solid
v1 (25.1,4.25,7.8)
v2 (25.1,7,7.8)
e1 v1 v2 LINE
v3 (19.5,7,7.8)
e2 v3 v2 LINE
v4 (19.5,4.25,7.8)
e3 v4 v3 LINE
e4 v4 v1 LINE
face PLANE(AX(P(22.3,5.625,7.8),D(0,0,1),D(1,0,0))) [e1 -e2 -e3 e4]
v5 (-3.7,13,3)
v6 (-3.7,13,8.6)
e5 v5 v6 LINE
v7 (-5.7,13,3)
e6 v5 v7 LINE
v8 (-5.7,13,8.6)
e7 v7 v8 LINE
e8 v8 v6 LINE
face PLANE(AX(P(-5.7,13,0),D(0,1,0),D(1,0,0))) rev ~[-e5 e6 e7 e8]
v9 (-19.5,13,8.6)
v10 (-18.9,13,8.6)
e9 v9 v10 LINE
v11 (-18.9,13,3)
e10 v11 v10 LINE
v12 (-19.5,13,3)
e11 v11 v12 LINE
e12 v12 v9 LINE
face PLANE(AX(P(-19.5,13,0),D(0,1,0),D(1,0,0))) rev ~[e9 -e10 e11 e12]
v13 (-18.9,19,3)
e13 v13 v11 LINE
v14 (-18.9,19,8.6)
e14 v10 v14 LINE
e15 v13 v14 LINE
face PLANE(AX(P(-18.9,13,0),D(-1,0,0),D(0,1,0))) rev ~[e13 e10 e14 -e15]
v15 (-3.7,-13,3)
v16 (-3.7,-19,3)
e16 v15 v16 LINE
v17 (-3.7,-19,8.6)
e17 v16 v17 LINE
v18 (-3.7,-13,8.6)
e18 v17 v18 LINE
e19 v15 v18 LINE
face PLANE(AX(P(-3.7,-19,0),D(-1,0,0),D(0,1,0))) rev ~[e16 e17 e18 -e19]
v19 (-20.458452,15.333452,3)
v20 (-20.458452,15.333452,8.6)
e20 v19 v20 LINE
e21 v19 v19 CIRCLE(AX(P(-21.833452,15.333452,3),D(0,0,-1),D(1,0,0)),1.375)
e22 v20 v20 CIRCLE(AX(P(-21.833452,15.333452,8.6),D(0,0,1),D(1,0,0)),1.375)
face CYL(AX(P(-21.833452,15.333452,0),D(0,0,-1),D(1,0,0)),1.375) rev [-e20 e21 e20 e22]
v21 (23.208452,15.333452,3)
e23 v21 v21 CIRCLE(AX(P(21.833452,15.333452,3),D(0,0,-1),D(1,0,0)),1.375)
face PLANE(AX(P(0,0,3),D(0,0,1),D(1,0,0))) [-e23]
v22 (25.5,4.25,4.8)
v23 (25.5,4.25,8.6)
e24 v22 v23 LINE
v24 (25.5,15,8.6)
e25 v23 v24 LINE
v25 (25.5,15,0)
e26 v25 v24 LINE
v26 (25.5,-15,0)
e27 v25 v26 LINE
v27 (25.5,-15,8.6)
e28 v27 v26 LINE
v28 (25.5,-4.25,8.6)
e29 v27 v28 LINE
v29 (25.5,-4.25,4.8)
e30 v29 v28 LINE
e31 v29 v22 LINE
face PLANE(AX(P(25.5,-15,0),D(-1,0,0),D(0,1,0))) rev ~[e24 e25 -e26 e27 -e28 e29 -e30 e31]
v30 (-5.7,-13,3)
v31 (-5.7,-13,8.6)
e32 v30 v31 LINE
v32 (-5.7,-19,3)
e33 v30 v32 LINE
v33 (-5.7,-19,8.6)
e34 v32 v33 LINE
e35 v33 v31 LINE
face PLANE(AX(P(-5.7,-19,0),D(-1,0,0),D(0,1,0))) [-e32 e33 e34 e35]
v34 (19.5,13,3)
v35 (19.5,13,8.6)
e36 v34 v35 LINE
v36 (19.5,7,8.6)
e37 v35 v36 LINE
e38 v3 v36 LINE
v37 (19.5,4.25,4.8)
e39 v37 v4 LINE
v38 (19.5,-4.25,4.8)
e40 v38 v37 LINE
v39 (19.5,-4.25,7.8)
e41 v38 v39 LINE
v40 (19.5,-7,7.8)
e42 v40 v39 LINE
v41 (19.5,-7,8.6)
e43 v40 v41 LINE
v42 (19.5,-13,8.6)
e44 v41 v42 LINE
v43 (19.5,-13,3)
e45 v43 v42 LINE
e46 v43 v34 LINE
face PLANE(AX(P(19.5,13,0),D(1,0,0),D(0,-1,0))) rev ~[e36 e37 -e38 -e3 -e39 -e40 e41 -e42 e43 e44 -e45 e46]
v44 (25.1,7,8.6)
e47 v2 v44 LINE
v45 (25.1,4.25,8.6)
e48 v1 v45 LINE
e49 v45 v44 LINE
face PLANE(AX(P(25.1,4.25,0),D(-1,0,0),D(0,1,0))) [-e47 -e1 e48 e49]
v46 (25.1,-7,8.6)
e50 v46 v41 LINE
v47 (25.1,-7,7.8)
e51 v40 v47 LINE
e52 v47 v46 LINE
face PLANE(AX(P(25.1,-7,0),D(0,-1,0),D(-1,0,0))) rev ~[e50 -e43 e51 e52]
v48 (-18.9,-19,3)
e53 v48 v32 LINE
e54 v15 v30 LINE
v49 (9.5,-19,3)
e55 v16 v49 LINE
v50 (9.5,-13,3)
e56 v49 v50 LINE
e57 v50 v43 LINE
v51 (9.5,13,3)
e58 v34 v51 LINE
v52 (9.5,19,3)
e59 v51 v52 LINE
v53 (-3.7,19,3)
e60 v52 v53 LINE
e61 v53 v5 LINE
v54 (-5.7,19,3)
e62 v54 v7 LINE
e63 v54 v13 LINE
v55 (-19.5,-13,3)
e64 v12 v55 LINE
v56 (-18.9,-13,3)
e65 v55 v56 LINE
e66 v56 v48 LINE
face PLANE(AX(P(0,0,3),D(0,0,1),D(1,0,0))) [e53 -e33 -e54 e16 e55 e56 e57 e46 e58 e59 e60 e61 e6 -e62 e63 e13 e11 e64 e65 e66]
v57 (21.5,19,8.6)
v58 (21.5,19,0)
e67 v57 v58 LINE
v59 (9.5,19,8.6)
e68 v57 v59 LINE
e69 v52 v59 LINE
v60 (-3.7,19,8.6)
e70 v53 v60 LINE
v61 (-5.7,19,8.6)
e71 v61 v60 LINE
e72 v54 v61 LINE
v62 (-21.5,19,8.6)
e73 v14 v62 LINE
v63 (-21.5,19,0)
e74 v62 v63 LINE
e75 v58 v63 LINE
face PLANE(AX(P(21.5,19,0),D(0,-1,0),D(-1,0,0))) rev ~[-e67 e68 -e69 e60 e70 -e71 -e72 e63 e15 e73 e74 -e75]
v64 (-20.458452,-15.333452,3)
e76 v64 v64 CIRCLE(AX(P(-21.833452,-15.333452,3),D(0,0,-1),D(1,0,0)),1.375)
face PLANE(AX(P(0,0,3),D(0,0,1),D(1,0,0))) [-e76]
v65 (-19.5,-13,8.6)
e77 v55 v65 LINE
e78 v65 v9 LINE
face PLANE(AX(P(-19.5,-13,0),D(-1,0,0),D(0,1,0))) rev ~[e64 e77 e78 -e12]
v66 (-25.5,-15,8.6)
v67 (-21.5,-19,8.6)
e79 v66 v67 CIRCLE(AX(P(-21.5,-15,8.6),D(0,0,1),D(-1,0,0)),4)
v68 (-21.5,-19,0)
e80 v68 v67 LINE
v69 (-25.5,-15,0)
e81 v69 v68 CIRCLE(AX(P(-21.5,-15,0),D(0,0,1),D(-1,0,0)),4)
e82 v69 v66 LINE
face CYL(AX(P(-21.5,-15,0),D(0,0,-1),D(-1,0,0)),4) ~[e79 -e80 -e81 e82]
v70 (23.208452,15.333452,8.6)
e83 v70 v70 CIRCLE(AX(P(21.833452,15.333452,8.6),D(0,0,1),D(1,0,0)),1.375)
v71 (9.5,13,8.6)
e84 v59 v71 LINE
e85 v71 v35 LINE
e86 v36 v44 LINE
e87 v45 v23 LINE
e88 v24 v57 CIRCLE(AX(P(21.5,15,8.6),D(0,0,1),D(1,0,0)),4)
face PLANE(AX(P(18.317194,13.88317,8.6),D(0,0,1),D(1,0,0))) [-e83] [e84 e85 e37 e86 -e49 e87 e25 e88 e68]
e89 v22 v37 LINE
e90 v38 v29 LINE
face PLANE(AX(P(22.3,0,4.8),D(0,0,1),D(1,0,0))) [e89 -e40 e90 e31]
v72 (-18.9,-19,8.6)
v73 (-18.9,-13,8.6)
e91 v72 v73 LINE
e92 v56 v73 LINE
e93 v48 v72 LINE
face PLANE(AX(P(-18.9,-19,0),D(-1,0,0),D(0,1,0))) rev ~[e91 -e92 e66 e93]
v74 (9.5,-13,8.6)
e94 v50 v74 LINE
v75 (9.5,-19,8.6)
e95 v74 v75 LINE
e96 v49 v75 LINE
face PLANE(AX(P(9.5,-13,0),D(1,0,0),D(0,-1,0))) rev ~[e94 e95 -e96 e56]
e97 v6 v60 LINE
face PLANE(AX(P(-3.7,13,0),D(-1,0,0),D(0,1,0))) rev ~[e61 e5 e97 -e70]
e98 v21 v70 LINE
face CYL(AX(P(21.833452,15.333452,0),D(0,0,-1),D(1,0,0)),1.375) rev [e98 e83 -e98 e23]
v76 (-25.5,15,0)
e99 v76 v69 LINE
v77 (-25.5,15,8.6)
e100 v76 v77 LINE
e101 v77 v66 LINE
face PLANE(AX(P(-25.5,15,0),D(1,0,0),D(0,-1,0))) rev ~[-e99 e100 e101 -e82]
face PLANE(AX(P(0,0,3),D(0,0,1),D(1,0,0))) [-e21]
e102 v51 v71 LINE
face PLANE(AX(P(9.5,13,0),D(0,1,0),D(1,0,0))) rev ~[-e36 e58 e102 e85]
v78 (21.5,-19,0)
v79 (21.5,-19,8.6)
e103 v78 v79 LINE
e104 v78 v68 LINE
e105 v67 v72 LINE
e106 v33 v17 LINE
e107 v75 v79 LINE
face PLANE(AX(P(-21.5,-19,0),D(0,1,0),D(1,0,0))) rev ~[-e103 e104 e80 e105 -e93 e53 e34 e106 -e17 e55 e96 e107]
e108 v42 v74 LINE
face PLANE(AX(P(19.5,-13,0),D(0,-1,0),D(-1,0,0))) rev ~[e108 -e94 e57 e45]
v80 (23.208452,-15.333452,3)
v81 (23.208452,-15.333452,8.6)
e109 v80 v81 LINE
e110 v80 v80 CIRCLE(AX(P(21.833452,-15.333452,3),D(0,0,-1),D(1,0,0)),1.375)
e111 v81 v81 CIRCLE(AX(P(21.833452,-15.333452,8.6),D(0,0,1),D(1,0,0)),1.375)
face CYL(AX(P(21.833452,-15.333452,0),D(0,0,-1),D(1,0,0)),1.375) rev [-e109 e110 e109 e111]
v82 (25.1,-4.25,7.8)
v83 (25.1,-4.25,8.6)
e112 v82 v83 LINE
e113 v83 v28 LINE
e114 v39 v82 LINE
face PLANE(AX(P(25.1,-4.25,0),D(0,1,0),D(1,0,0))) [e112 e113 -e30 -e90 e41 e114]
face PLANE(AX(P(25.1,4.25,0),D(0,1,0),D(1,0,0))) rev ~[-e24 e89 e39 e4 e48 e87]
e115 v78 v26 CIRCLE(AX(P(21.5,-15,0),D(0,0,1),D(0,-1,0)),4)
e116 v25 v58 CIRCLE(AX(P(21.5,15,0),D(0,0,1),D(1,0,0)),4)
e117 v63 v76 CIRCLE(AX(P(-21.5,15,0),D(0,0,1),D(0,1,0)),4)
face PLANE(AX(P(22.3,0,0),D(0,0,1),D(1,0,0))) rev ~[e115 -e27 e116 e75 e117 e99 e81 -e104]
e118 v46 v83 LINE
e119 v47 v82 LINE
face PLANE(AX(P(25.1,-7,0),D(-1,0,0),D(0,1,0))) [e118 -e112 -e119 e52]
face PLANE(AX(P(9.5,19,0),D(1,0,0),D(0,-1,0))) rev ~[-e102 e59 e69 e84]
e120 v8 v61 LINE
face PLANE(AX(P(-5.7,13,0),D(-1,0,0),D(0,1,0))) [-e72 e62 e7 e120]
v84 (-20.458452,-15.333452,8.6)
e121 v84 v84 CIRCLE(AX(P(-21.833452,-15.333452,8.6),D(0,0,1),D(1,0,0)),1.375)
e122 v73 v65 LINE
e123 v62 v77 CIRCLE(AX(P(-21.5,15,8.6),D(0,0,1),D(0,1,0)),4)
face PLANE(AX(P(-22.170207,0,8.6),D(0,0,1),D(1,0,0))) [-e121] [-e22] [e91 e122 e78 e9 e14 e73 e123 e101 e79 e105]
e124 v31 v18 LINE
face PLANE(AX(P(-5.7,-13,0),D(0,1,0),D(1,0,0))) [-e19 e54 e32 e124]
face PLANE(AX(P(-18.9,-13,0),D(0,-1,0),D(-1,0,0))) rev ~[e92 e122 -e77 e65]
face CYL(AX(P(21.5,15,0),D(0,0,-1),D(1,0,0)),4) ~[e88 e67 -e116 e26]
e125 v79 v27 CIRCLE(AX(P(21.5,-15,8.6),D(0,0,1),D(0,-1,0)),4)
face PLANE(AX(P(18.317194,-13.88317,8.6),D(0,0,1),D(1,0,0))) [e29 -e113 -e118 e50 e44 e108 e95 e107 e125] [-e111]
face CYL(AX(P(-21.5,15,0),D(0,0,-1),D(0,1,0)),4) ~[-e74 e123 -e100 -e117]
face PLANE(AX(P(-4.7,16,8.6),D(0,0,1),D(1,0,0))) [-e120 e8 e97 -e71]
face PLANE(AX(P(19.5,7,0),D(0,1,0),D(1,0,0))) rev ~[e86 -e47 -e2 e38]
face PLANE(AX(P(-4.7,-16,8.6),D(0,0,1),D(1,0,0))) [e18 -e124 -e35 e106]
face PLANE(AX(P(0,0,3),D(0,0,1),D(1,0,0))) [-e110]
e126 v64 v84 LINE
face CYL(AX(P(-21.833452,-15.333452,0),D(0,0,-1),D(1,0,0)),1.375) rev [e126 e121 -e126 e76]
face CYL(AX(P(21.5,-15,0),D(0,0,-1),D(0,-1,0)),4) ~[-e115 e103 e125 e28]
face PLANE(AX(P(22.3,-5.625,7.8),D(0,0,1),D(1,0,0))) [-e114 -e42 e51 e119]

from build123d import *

# Parameters (mm, degrees)
F0_R     = 2.6
F0_W     = 13.2
F0_H     = 6
F0_W_2   = 5.6
F0_H_2   = 8.5
F0_R_2   = 1.55
F0_H_3   = 2.75
F0_W_3   = 2
F0_R_3   = 1.375
F0_W_4   = 0.4
F1_DEPTH = 3
F2_DEPTH = 8.6
F3_DEPTH = 7.8
F4_DEPTH = 4.8


with BuildPart() as f1:
    # F0 (on Top) → F1 (new body)
    with BuildSketch(Plane.XY):
        Polygon((19.5, 13), (9.5, 13), (-3.7, 13), (-5.7, 13), (-18.9, 13), (-19.5, 13), (-19.5, -13), (-18.9, -13), (-5.7, -13), (-3.7, -13), (9.5, -13), (19.5, -13), (19.5, -7), (19.5, -4.25), (19.5, 4.25), (19.5, 7), align=None)
        with BuildLine():
            Line((-18.9, 13), (-18.9, 19))
            Line((-18.9, 19), (-21.5, 19))
            ThreePointArc((-21.5, 19), (-24.3284271247, 17.8284271247), (-25.5, 15))
            Line((-25.5, 15), (-25.5, -15))
            ThreePointArc((-25.5, -15), (-24.3284271247, -17.8284271247), (-21.5, -19))
            Line((-21.5, -19), (-18.9, -19))
            Line((-18.9, -19), (-18.9, -13))
            Line((-18.9, -13), (-19.5, -13))
            Line((-19.5, -13), (-19.5, 13))
            Line((-19.5, 13), (-18.9, 13))
        make_face()
        with Locations((-21.8334523779, -15.3334523779)):
            Circle(F0_R, mode=Mode.SUBTRACT)
        with Locations((-21.8334523779, 15.3334523779)):
            Circle(F0_R, mode=Mode.SUBTRACT)
        with BuildLine():
            Line((25.5, -15), (25.5, -7))
            Line((25.5, -7), (25.1, -7))
            Line((25.1, -7), (19.5, -7))
            Line((19.5, -7), (19.5, -13))
            Line((19.5, -13), (9.5, -13))
            Line((9.5, -13), (9.5, -19))
            Line((9.5, -19), (21.5, -19))
            ThreePointArc((21.5, -19), (24.3284271247, -17.8284271247), (25.5, -15))
        make_face()
        with Locations((21.8334523779, -15.3334523779)):
            Circle(F0_R, mode=Mode.SUBTRACT)
        with BuildLine():
            ThreePointArc((25.5, 15), (24.3284271247, 17.8284271247), (21.5, 19))
            Line((21.5, 19), (9.5, 19))
            Line((9.5, 19), (9.5, 13))
            Line((9.5, 13), (19.5, 13))
            Line((19.5, 13), (19.5, 7))
            Line((19.5, 7), (25.1, 7))
            Line((25.1, 7), (25.5, 7))
            Line((25.5, 7), (25.5, 15))
        make_face()
        with Locations((21.8334523779, 15.3334523779)):
            Circle(F0_R, mode=Mode.SUBTRACT)
        with Locations((-12.3, -16)):
            Rectangle(F0_W, F0_H)
        with Locations((2.9, 16)):
            Rectangle(F0_W, F0_H)
        with Locations((-12.3, 16)):
            Rectangle(F0_W, F0_H)
        with Locations((2.9, -16)):
            Rectangle(F0_W, F0_H)
        with Locations((22.3, 0)):
            Rectangle(F0_W_2, F0_H_2)
        with Locations((-21.8334523779, -15.3334523779)):
            Circle(F0_R)
        with Locations((-21.8334523779, -15.3334523779)):
            Circle(F0_R_2, mode=Mode.SUBTRACT)
        with Locations((21.8334523779, 15.3334523779)):
            Circle(F0_R)
        with Locations((21.8334523779, 15.3334523779)):
            Circle(F0_R_2, mode=Mode.SUBTRACT)
        with Locations((-21.8334523779, 15.3334523779)):
            Circle(F0_R)
        with Locations((-21.8334523779, 15.3334523779)):
            Circle(F0_R_2, mode=Mode.SUBTRACT)
        with Locations((21.8334523779, -15.3334523779)):
            Circle(F0_R)
        with Locations((21.8334523779, -15.3334523779)):
            Circle(F0_R_2, mode=Mode.SUBTRACT)
        with Locations((22.3, 5.625)):
            Rectangle(F0_W_2, F0_H_3)
        with Locations((22.3, -5.625)):
            Rectangle(F0_W_2, F0_H_3)
        with Locations((-4.7, -16)):
            Rectangle(F0_W_3, F0_H)
        with Locations((-4.7, 16)):
            Rectangle(F0_W_3, F0_H)
        with Locations((21.8334523779, 15.3334523779)):
            Circle(F0_R_2)
        with Locations((21.8334523779, 15.3334523779)):
            Circle(F0_R_3, mode=Mode.SUBTRACT)
        with Locations((-21.8334523779, -15.3334523779)):
            Circle(F0_R_2)
        with Locations((-21.8334523779, -15.3334523779)):
            Circle(F0_R_3, mode=Mode.SUBTRACT)
        with Locations((21.8334523779, -15.3334523779)):
            Circle(F0_R_2)
        with Locations((21.8334523779, -15.3334523779)):
            Circle(F0_R_3, mode=Mode.SUBTRACT)
        with Locations((-21.8334523779, 15.3334523779)):
            Circle(F0_R_2)
        with Locations((-21.8334523779, 15.3334523779)):
            Circle(F0_R_3, mode=Mode.SUBTRACT)
        with Locations((-21.8334523779, -15.3334523779)):
            Circle(F0_R_3)
        with Locations((-21.8334523779, 15.3334523779)):
            Circle(F0_R_3)
        with Locations((21.8334523779, -15.3334523779)):
            Circle(F0_R_3)
        with Locations((21.8334523779, 15.3334523779)):
            Circle(F0_R_3)
        with Locations((25.3, 0)):
            Rectangle(F0_W_4, F0_H_2)
        with Locations((25.3, 5.625)):
            Rectangle(F0_W_4, F0_H_3)
        with Locations((25.3, -5.625)):
            Rectangle(F0_W_4, F0_H_3)
    extrude(amount=F1_DEPTH)

    # F0 (on Top) → F2 (join)
    with BuildSketch(Plane.XY):
        with BuildLine():
            Line((-18.9, 13), (-18.9, 19))
            Line((-18.9, 19), (-21.5, 19))
            ThreePointArc((-21.5, 19), (-24.3284271247, 17.8284271247), (-25.5, 15))
            Line((-25.5, 15), (-25.5, -15))
            ThreePointArc((-25.5, -15), (-24.3284271247, -17.8284271247), (-21.5, -19))
            Line((-21.5, -19), (-18.9, -19))
            Line((-18.9, -19), (-18.9, -13))
            Line((-18.9, -13), (-19.5, -13))
            Line((-19.5, -13), (-19.5, 13))
            Line((-19.5, 13), (-18.9, 13))
        make_face()
        with Locations((-21.8334523779, -15.3334523779)):
            Circle(F0_R, mode=Mode.SUBTRACT)
        with Locations((-21.8334523779, 15.3334523779)):
            Circle(F0_R, mode=Mode.SUBTRACT)
        with BuildLine():
            ThreePointArc((25.5, 15), (24.3284271247, 17.8284271247), (21.5, 19))
            Line((21.5, 19), (9.5, 19))
            Line((9.5, 19), (9.5, 13))
            Line((9.5, 13), (19.5, 13))
            Line((19.5, 13), (19.5, 7))
            Line((19.5, 7), (25.1, 7))
            Line((25.1, 7), (25.5, 7))
            Line((25.5, 7), (25.5, 15))
        make_face()
        with Locations((21.8334523779, 15.3334523779)):
            Circle(F0_R, mode=Mode.SUBTRACT)
        with BuildLine():
            Line((25.5, -15), (25.5, -7))
            Line((25.5, -7), (25.1, -7))
            Line((25.1, -7), (19.5, -7))
            Line((19.5, -7), (19.5, -13))
            Line((19.5, -13), (9.5, -13))
            Line((9.5, -13), (9.5, -19))
            Line((9.5, -19), (21.5, -19))
            ThreePointArc((21.5, -19), (24.3284271247, -17.8284271247), (25.5, -15))
        make_face()
        with Locations((21.8334523779, -15.3334523779)):
            Circle(F0_R, mode=Mode.SUBTRACT)
        with Locations((21.8334523779, -15.3334523779)):
            Circle(F0_R)
        with Locations((21.8334523779, -15.3334523779)):
            Circle(F0_R_2, mode=Mode.SUBTRACT)
        with Locations((-21.8334523779, -15.3334523779)):
            Circle(F0_R)
        with Locations((-21.8334523779, -15.3334523779)):
            Circle(F0_R_2, mode=Mode.SUBTRACT)
        with Locations((-21.8334523779, 15.3334523779)):
            Circle(F0_R)
        with Locations((-21.8334523779, 15.3334523779)):
            Circle(F0_R_2, mode=Mode.SUBTRACT)
        with Locations((21.8334523779, 15.3334523779)):
            Circle(F0_R)
        with Locations((21.8334523779, 15.3334523779)):
            Circle(F0_R_2, mode=Mode.SUBTRACT)
        with Locations((-4.7, -16)):
            Rectangle(F0_W_3, F0_H)
        with Locations((-4.7, 16)):
            Rectangle(F0_W_3, F0_H)
        with Locations((21.8334523779, -15.3334523779)):
            Circle(F0_R_2)
        with Locations((21.8334523779, -15.3334523779)):
            Circle(F0_R_3, mode=Mode.SUBTRACT)
        with Locations((-21.8334523779, -15.3334523779)):
            Circle(F0_R_2)
        with Locations((-21.8334523779, -15.3334523779)):
            Circle(F0_R_3, mode=Mode.SUBTRACT)
        with Locations((-21.8334523779, 15.3334523779)):
            Circle(F0_R_2)
        with Locations((-21.8334523779, 15.3334523779)):
            Circle(F0_R_3, mode=Mode.SUBTRACT)
        with Locations((21.8334523779, 15.3334523779)):
            Circle(F0_R_2)
        with Locations((21.8334523779, 15.3334523779)):
            Circle(F0_R_3, mode=Mode.SUBTRACT)
        with Locations((25.3, 5.625)):
            Rectangle(F0_W_4, F0_H_3)
        with Locations((25.3, -5.625)):
            Rectangle(F0_W_4, F0_H_3)
    extrude(amount=F2_DEPTH)

    # F0 (on Top) → F3 (join)
    with BuildSketch(Plane.XY):
        with Locations((22.3, -5.625)):
            Rectangle(F0_W_2, F0_H_3)
        with Locations((22.3, 5.625)):
            Rectangle(F0_W_2, F0_H_3)
    extrude(amount=F3_DEPTH)

    # F0 (on Top) → F4 (join)
    with BuildSketch(Plane.XY):
        with Locations((22.3, 0)):
            Rectangle(F0_W_2, F0_H_2)
        with Locations((25.3, 0)):
            Rectangle(F0_W_4, F0_H_2)
    extrude(amount=F4_DEPTH)


solid = f1.part
